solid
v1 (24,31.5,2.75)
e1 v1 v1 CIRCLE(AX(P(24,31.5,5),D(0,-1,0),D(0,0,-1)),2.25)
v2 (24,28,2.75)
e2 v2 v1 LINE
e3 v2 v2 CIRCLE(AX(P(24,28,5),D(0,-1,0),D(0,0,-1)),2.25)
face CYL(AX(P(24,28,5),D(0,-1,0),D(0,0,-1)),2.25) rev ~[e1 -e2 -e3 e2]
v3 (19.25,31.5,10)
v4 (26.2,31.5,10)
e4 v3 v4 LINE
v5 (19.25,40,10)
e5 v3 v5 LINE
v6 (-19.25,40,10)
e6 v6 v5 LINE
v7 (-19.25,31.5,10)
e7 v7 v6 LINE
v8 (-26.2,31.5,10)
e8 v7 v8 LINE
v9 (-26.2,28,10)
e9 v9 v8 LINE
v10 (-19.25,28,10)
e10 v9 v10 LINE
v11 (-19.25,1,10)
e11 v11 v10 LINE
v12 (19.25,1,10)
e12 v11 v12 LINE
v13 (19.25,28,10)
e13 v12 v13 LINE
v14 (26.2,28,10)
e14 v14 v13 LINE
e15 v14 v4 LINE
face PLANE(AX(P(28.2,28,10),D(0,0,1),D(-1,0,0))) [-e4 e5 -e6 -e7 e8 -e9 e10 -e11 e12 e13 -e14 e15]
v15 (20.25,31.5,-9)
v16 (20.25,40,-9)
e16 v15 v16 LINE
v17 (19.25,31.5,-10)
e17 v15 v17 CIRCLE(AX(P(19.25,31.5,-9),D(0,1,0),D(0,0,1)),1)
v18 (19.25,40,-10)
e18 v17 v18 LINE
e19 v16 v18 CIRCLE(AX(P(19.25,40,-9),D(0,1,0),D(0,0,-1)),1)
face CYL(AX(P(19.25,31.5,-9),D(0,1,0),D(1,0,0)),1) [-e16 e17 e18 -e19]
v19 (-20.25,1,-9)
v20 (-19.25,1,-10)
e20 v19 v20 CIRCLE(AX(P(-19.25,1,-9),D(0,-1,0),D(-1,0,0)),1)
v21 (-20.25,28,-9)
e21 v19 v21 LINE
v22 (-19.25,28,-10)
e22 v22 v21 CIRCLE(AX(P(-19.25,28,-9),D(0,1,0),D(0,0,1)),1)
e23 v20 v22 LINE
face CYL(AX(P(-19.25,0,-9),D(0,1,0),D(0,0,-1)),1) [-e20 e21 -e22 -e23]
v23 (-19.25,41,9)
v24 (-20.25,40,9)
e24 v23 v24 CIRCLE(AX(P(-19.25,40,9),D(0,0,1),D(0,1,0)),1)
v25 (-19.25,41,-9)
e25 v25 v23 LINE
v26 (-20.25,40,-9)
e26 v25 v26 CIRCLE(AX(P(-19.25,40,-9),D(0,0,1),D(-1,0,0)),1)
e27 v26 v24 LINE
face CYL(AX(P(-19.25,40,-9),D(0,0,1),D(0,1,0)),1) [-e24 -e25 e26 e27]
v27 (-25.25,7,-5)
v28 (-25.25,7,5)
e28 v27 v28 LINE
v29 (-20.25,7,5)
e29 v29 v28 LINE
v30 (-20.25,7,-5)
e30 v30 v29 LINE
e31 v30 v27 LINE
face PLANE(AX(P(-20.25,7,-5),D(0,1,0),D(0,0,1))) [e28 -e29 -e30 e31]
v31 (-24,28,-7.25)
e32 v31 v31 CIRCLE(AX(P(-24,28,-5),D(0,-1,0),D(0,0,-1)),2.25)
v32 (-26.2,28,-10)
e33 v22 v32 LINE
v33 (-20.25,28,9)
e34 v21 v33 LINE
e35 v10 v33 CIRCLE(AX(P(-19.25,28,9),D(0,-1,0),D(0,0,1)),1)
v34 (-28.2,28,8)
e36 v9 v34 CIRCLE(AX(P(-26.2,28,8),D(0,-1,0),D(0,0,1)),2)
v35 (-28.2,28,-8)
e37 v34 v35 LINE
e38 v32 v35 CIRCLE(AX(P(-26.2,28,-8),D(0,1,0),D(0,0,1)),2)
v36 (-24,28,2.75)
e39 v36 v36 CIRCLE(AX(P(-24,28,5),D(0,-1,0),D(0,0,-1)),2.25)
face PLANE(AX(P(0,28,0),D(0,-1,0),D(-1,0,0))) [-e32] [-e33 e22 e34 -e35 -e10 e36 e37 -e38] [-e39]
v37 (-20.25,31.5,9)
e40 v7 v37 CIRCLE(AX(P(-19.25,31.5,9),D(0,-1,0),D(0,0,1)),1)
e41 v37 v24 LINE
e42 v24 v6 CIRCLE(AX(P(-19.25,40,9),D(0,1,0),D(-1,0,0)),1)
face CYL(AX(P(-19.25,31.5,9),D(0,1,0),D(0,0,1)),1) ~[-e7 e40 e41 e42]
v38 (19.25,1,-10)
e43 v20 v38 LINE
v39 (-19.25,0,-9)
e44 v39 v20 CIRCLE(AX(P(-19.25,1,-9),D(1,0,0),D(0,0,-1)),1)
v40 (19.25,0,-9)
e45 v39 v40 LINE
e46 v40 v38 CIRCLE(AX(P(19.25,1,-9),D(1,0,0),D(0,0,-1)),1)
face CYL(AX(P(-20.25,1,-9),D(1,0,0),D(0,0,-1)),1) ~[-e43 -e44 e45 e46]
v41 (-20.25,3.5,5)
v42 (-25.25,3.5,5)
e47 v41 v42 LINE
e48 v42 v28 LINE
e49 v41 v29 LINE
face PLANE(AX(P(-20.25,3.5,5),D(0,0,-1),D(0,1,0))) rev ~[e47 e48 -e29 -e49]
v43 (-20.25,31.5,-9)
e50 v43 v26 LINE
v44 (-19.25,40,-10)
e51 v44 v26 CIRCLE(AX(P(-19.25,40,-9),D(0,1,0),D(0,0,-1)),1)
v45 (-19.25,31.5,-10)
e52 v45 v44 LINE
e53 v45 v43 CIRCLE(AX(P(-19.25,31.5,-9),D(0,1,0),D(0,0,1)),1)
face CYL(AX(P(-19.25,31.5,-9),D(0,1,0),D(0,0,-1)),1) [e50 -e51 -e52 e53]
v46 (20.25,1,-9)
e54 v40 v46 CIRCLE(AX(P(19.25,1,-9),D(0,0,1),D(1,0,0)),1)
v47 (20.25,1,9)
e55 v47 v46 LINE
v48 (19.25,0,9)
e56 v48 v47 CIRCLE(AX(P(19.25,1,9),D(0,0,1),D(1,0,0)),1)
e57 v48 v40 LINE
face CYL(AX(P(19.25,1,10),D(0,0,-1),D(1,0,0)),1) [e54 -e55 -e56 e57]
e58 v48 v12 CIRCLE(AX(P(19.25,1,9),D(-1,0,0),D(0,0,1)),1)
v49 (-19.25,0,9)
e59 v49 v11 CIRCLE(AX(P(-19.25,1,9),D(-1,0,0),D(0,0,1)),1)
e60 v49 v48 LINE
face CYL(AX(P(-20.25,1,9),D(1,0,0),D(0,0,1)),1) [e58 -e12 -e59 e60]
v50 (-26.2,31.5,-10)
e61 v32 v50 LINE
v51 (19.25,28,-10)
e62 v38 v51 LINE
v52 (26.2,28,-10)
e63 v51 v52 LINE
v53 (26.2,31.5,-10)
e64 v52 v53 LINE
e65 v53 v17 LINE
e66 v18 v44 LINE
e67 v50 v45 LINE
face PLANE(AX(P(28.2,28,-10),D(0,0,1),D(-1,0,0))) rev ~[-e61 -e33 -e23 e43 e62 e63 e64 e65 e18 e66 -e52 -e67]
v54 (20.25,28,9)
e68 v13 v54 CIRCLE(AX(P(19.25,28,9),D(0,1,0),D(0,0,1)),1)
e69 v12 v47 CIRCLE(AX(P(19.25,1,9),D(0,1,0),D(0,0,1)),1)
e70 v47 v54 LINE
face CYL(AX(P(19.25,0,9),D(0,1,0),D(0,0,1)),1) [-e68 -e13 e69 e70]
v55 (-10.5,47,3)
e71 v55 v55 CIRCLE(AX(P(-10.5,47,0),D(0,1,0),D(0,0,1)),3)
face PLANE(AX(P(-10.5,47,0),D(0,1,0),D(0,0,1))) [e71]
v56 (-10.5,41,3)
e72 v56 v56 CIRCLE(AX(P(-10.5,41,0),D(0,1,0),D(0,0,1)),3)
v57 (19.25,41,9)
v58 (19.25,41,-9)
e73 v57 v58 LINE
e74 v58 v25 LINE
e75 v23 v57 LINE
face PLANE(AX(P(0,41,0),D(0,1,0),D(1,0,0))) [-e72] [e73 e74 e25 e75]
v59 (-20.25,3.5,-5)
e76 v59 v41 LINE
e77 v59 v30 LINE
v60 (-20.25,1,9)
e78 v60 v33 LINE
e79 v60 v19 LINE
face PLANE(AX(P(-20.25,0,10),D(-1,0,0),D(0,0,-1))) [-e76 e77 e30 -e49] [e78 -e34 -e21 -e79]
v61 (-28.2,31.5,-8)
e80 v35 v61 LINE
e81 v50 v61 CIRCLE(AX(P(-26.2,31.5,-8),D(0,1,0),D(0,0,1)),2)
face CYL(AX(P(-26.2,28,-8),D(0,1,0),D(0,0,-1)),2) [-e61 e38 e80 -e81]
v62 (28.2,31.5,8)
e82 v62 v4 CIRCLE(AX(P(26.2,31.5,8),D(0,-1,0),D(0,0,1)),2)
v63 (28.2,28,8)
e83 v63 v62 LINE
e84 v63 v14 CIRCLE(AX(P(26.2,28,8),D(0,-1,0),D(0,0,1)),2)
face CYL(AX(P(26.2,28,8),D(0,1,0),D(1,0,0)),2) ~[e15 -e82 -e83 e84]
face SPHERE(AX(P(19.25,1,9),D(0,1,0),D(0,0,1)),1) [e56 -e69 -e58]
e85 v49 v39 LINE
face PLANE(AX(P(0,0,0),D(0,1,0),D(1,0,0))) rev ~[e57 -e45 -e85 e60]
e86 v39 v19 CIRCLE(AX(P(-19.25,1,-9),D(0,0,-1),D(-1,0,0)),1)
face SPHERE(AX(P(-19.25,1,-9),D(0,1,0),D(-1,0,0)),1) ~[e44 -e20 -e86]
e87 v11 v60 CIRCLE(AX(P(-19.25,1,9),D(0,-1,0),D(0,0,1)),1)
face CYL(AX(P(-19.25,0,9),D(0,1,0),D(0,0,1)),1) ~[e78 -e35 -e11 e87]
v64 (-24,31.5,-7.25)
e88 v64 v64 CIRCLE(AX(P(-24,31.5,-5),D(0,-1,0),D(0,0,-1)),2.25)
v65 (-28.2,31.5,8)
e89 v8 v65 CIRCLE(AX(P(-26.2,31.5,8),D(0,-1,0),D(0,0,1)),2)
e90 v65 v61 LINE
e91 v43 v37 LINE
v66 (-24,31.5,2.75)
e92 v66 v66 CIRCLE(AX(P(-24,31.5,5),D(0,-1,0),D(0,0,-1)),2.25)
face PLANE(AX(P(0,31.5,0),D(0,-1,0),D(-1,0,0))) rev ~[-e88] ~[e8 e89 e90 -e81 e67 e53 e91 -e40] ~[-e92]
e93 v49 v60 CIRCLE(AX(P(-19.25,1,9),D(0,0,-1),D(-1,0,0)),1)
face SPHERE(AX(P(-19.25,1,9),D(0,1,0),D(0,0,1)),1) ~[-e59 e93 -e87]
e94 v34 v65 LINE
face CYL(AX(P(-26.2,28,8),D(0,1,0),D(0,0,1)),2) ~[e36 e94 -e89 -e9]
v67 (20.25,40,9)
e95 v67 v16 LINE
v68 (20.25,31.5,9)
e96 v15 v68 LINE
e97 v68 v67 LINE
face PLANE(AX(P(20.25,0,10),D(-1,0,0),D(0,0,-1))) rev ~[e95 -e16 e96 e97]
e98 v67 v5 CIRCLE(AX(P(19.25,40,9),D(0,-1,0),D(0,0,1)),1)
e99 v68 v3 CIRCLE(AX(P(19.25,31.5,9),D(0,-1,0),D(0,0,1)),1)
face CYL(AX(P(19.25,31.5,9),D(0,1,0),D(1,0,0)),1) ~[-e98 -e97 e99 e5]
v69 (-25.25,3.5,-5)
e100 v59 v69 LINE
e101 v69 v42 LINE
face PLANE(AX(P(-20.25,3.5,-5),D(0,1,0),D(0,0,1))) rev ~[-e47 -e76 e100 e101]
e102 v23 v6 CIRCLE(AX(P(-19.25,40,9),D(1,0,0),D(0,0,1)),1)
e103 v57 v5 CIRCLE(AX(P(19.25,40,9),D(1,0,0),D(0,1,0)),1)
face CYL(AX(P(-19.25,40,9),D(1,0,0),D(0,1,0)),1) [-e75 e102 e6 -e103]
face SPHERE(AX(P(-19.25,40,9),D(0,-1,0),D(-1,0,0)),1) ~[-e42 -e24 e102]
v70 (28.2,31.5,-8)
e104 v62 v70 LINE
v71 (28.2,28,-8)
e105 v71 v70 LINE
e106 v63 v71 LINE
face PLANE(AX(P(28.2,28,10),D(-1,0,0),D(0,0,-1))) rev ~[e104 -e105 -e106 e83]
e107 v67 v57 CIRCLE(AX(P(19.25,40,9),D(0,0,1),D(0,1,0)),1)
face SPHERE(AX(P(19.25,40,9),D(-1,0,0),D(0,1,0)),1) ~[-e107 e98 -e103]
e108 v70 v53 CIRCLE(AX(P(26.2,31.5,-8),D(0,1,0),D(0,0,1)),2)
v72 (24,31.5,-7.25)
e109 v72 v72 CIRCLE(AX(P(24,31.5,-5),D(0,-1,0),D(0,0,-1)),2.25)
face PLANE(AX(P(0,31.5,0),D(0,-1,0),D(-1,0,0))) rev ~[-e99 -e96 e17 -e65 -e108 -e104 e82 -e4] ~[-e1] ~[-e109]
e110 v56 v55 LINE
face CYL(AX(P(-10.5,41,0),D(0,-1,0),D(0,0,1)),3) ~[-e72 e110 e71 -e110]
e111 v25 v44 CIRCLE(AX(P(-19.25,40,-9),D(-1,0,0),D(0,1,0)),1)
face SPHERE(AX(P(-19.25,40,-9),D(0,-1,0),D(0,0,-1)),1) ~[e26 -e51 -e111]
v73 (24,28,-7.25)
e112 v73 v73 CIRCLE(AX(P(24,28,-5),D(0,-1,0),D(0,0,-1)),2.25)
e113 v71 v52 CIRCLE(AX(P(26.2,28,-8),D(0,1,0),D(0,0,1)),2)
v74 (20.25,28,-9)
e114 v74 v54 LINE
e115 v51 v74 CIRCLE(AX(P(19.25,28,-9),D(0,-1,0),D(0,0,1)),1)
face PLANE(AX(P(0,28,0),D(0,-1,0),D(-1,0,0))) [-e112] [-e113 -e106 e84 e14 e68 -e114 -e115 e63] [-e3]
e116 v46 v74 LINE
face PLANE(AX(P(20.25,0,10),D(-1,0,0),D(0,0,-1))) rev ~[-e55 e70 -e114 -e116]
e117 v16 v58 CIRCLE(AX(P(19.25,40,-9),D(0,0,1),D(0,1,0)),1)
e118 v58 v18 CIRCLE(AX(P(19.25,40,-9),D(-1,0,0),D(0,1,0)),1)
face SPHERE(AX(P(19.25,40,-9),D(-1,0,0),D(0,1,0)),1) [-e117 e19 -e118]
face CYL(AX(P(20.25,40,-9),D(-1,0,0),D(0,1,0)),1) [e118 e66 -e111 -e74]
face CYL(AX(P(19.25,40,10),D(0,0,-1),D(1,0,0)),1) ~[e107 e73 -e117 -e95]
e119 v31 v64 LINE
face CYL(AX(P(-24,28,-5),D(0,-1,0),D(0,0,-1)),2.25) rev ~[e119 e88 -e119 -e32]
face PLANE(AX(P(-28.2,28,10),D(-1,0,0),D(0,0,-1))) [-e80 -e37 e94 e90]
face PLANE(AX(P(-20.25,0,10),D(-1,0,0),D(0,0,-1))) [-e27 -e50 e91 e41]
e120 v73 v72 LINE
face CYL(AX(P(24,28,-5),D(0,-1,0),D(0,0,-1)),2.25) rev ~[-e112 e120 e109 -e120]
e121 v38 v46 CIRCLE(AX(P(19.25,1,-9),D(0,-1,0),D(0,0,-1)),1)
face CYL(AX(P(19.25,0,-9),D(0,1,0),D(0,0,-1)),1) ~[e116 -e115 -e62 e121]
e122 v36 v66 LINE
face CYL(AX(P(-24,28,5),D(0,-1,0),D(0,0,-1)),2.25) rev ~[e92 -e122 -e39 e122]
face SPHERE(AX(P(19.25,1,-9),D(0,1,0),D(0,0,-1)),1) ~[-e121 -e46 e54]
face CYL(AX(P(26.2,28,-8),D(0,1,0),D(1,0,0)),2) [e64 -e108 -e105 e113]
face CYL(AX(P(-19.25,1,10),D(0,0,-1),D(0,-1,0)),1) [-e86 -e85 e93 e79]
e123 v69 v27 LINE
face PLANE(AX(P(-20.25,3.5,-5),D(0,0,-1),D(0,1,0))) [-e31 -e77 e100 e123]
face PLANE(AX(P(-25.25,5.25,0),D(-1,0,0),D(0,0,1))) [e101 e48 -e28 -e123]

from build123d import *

# Parameters (mm, degrees)
SKETCH1_W           = 40.5
SKETCH1_H           = 20
BOSS_EXTRUDE1_DEPTH = 41
SKETCH2_W           = 56.4
SKETCH2_H           = 20
SKETCH2_R           = 2.25
BOSS_EXTRUDE2_DEPTH = 3.5
SKETCH3_R           = 3
BOSS_EXTRUDE3_DEPTH = 6
SKETCH4_W           = 10
SKETCH4_H           = 3.5
BOSS_EXTRUDE4_DEPTH = 5
FILLET1_R           = 2
FILLET2_R           = 1
FILLET3_R           = 1


with BuildPart() as part:
    # Sketch1 → Boss-Extrude1 (new body)
    with BuildSketch(Plane(origin=(0, 0, 0), x_dir=(1, 0, 0), z_dir=(0, 1, 0))):
        Rectangle(SKETCH1_W, SKETCH1_H)
    extrude(amount=BOSS_EXTRUDE1_DEPTH)

    # Sketch2 → Boss-Extrude2 (add)
    with BuildSketch(Plane(origin=(0, 28, 0), x_dir=(-1, 0, 0), z_dir=(0, -1, 0))):
        Rectangle(SKETCH2_W, SKETCH2_H)
        with Locations(Location((-24, 5, 0), (0, 0, 90))):
            Circle(SKETCH2_R, mode=Mode.SUBTRACT)
        with Locations(Location((24, 5, 0), (0, 0, 90))):
            Circle(SKETCH2_R, mode=Mode.SUBTRACT)
        with Locations(Location((24, -5, 0), (0, 0, 90))):
            Circle(SKETCH2_R, mode=Mode.SUBTRACT)
        with Locations(Location((-24, -5, 0), (0, 0, 90))):
            Circle(SKETCH2_R, mode=Mode.SUBTRACT)
    extrude(amount=-BOSS_EXTRUDE2_DEPTH)

    # Sketch3 → Boss-Extrude3 (add)
    with BuildSketch(Plane(origin=(0, 41, 0), x_dir=(1, 0, 0), z_dir=(0, 1, 0))):
        with Locations(Location((-10.5, 0, 0), (0, 0, 270))):
            Circle(SKETCH3_R)
    extrude(amount=BOSS_EXTRUDE3_DEPTH)

    # Sketch4 → Boss-Extrude4 (add)
    with BuildSketch(Plane.ZY.offset(20.25)):
        with Locations((0, 5.25)):
            Rectangle(SKETCH4_W, SKETCH4_H)
    extrude(amount=BOSS_EXTRUDE4_DEPTH)

    # Fillet1
    fillet1_edges = [part.edges().sort_by_distance(p)[0] for p in [
        (28.2, 29.75, -10),
        (-28.2, 29.75, 10),
        (28.2, 29.75, 10),
        (-28.2, 29.75, -10),
    ]]
    fillet(fillet1_edges, radius=FILLET1_R)

    # Fillet2
    fillet2_edges = [part.edges().sort_by_distance(p)[0] for p in [
        (20.25, 14, 10),
        (-20.25, 14, 10),
        (-20.25, 14, -10),
        (20.25, 14, -10),
        (0, 0, 10),
        (-20.25, 0, 0),
        (0, 0, -10),
        (20.25, 0, 0),
        (-20.25, 36.25, 10),
        (-20.25, 36.25, -10),
    ]]
    fillet(fillet2_edges, radius=FILLET2_R)

    # Fillet3
    fillet3_edges = [part.edges().sort_by_distance(p)[0] for p in [
        (0.5, 41, 10),
        (-20.25, 41, 0),
        (-19.957106781, 41, 9.707106781),
        (-19.957106781, 41, -9.707106781),
        (20.25, 41, 0),
        (20.25, 36.25, 10),
        (20.25, 36.25, -10),
        (0.5, 41, -10),
    ]]
    fillet(fillet3_edges, radius=FILLET3_R)


solid = part.part
